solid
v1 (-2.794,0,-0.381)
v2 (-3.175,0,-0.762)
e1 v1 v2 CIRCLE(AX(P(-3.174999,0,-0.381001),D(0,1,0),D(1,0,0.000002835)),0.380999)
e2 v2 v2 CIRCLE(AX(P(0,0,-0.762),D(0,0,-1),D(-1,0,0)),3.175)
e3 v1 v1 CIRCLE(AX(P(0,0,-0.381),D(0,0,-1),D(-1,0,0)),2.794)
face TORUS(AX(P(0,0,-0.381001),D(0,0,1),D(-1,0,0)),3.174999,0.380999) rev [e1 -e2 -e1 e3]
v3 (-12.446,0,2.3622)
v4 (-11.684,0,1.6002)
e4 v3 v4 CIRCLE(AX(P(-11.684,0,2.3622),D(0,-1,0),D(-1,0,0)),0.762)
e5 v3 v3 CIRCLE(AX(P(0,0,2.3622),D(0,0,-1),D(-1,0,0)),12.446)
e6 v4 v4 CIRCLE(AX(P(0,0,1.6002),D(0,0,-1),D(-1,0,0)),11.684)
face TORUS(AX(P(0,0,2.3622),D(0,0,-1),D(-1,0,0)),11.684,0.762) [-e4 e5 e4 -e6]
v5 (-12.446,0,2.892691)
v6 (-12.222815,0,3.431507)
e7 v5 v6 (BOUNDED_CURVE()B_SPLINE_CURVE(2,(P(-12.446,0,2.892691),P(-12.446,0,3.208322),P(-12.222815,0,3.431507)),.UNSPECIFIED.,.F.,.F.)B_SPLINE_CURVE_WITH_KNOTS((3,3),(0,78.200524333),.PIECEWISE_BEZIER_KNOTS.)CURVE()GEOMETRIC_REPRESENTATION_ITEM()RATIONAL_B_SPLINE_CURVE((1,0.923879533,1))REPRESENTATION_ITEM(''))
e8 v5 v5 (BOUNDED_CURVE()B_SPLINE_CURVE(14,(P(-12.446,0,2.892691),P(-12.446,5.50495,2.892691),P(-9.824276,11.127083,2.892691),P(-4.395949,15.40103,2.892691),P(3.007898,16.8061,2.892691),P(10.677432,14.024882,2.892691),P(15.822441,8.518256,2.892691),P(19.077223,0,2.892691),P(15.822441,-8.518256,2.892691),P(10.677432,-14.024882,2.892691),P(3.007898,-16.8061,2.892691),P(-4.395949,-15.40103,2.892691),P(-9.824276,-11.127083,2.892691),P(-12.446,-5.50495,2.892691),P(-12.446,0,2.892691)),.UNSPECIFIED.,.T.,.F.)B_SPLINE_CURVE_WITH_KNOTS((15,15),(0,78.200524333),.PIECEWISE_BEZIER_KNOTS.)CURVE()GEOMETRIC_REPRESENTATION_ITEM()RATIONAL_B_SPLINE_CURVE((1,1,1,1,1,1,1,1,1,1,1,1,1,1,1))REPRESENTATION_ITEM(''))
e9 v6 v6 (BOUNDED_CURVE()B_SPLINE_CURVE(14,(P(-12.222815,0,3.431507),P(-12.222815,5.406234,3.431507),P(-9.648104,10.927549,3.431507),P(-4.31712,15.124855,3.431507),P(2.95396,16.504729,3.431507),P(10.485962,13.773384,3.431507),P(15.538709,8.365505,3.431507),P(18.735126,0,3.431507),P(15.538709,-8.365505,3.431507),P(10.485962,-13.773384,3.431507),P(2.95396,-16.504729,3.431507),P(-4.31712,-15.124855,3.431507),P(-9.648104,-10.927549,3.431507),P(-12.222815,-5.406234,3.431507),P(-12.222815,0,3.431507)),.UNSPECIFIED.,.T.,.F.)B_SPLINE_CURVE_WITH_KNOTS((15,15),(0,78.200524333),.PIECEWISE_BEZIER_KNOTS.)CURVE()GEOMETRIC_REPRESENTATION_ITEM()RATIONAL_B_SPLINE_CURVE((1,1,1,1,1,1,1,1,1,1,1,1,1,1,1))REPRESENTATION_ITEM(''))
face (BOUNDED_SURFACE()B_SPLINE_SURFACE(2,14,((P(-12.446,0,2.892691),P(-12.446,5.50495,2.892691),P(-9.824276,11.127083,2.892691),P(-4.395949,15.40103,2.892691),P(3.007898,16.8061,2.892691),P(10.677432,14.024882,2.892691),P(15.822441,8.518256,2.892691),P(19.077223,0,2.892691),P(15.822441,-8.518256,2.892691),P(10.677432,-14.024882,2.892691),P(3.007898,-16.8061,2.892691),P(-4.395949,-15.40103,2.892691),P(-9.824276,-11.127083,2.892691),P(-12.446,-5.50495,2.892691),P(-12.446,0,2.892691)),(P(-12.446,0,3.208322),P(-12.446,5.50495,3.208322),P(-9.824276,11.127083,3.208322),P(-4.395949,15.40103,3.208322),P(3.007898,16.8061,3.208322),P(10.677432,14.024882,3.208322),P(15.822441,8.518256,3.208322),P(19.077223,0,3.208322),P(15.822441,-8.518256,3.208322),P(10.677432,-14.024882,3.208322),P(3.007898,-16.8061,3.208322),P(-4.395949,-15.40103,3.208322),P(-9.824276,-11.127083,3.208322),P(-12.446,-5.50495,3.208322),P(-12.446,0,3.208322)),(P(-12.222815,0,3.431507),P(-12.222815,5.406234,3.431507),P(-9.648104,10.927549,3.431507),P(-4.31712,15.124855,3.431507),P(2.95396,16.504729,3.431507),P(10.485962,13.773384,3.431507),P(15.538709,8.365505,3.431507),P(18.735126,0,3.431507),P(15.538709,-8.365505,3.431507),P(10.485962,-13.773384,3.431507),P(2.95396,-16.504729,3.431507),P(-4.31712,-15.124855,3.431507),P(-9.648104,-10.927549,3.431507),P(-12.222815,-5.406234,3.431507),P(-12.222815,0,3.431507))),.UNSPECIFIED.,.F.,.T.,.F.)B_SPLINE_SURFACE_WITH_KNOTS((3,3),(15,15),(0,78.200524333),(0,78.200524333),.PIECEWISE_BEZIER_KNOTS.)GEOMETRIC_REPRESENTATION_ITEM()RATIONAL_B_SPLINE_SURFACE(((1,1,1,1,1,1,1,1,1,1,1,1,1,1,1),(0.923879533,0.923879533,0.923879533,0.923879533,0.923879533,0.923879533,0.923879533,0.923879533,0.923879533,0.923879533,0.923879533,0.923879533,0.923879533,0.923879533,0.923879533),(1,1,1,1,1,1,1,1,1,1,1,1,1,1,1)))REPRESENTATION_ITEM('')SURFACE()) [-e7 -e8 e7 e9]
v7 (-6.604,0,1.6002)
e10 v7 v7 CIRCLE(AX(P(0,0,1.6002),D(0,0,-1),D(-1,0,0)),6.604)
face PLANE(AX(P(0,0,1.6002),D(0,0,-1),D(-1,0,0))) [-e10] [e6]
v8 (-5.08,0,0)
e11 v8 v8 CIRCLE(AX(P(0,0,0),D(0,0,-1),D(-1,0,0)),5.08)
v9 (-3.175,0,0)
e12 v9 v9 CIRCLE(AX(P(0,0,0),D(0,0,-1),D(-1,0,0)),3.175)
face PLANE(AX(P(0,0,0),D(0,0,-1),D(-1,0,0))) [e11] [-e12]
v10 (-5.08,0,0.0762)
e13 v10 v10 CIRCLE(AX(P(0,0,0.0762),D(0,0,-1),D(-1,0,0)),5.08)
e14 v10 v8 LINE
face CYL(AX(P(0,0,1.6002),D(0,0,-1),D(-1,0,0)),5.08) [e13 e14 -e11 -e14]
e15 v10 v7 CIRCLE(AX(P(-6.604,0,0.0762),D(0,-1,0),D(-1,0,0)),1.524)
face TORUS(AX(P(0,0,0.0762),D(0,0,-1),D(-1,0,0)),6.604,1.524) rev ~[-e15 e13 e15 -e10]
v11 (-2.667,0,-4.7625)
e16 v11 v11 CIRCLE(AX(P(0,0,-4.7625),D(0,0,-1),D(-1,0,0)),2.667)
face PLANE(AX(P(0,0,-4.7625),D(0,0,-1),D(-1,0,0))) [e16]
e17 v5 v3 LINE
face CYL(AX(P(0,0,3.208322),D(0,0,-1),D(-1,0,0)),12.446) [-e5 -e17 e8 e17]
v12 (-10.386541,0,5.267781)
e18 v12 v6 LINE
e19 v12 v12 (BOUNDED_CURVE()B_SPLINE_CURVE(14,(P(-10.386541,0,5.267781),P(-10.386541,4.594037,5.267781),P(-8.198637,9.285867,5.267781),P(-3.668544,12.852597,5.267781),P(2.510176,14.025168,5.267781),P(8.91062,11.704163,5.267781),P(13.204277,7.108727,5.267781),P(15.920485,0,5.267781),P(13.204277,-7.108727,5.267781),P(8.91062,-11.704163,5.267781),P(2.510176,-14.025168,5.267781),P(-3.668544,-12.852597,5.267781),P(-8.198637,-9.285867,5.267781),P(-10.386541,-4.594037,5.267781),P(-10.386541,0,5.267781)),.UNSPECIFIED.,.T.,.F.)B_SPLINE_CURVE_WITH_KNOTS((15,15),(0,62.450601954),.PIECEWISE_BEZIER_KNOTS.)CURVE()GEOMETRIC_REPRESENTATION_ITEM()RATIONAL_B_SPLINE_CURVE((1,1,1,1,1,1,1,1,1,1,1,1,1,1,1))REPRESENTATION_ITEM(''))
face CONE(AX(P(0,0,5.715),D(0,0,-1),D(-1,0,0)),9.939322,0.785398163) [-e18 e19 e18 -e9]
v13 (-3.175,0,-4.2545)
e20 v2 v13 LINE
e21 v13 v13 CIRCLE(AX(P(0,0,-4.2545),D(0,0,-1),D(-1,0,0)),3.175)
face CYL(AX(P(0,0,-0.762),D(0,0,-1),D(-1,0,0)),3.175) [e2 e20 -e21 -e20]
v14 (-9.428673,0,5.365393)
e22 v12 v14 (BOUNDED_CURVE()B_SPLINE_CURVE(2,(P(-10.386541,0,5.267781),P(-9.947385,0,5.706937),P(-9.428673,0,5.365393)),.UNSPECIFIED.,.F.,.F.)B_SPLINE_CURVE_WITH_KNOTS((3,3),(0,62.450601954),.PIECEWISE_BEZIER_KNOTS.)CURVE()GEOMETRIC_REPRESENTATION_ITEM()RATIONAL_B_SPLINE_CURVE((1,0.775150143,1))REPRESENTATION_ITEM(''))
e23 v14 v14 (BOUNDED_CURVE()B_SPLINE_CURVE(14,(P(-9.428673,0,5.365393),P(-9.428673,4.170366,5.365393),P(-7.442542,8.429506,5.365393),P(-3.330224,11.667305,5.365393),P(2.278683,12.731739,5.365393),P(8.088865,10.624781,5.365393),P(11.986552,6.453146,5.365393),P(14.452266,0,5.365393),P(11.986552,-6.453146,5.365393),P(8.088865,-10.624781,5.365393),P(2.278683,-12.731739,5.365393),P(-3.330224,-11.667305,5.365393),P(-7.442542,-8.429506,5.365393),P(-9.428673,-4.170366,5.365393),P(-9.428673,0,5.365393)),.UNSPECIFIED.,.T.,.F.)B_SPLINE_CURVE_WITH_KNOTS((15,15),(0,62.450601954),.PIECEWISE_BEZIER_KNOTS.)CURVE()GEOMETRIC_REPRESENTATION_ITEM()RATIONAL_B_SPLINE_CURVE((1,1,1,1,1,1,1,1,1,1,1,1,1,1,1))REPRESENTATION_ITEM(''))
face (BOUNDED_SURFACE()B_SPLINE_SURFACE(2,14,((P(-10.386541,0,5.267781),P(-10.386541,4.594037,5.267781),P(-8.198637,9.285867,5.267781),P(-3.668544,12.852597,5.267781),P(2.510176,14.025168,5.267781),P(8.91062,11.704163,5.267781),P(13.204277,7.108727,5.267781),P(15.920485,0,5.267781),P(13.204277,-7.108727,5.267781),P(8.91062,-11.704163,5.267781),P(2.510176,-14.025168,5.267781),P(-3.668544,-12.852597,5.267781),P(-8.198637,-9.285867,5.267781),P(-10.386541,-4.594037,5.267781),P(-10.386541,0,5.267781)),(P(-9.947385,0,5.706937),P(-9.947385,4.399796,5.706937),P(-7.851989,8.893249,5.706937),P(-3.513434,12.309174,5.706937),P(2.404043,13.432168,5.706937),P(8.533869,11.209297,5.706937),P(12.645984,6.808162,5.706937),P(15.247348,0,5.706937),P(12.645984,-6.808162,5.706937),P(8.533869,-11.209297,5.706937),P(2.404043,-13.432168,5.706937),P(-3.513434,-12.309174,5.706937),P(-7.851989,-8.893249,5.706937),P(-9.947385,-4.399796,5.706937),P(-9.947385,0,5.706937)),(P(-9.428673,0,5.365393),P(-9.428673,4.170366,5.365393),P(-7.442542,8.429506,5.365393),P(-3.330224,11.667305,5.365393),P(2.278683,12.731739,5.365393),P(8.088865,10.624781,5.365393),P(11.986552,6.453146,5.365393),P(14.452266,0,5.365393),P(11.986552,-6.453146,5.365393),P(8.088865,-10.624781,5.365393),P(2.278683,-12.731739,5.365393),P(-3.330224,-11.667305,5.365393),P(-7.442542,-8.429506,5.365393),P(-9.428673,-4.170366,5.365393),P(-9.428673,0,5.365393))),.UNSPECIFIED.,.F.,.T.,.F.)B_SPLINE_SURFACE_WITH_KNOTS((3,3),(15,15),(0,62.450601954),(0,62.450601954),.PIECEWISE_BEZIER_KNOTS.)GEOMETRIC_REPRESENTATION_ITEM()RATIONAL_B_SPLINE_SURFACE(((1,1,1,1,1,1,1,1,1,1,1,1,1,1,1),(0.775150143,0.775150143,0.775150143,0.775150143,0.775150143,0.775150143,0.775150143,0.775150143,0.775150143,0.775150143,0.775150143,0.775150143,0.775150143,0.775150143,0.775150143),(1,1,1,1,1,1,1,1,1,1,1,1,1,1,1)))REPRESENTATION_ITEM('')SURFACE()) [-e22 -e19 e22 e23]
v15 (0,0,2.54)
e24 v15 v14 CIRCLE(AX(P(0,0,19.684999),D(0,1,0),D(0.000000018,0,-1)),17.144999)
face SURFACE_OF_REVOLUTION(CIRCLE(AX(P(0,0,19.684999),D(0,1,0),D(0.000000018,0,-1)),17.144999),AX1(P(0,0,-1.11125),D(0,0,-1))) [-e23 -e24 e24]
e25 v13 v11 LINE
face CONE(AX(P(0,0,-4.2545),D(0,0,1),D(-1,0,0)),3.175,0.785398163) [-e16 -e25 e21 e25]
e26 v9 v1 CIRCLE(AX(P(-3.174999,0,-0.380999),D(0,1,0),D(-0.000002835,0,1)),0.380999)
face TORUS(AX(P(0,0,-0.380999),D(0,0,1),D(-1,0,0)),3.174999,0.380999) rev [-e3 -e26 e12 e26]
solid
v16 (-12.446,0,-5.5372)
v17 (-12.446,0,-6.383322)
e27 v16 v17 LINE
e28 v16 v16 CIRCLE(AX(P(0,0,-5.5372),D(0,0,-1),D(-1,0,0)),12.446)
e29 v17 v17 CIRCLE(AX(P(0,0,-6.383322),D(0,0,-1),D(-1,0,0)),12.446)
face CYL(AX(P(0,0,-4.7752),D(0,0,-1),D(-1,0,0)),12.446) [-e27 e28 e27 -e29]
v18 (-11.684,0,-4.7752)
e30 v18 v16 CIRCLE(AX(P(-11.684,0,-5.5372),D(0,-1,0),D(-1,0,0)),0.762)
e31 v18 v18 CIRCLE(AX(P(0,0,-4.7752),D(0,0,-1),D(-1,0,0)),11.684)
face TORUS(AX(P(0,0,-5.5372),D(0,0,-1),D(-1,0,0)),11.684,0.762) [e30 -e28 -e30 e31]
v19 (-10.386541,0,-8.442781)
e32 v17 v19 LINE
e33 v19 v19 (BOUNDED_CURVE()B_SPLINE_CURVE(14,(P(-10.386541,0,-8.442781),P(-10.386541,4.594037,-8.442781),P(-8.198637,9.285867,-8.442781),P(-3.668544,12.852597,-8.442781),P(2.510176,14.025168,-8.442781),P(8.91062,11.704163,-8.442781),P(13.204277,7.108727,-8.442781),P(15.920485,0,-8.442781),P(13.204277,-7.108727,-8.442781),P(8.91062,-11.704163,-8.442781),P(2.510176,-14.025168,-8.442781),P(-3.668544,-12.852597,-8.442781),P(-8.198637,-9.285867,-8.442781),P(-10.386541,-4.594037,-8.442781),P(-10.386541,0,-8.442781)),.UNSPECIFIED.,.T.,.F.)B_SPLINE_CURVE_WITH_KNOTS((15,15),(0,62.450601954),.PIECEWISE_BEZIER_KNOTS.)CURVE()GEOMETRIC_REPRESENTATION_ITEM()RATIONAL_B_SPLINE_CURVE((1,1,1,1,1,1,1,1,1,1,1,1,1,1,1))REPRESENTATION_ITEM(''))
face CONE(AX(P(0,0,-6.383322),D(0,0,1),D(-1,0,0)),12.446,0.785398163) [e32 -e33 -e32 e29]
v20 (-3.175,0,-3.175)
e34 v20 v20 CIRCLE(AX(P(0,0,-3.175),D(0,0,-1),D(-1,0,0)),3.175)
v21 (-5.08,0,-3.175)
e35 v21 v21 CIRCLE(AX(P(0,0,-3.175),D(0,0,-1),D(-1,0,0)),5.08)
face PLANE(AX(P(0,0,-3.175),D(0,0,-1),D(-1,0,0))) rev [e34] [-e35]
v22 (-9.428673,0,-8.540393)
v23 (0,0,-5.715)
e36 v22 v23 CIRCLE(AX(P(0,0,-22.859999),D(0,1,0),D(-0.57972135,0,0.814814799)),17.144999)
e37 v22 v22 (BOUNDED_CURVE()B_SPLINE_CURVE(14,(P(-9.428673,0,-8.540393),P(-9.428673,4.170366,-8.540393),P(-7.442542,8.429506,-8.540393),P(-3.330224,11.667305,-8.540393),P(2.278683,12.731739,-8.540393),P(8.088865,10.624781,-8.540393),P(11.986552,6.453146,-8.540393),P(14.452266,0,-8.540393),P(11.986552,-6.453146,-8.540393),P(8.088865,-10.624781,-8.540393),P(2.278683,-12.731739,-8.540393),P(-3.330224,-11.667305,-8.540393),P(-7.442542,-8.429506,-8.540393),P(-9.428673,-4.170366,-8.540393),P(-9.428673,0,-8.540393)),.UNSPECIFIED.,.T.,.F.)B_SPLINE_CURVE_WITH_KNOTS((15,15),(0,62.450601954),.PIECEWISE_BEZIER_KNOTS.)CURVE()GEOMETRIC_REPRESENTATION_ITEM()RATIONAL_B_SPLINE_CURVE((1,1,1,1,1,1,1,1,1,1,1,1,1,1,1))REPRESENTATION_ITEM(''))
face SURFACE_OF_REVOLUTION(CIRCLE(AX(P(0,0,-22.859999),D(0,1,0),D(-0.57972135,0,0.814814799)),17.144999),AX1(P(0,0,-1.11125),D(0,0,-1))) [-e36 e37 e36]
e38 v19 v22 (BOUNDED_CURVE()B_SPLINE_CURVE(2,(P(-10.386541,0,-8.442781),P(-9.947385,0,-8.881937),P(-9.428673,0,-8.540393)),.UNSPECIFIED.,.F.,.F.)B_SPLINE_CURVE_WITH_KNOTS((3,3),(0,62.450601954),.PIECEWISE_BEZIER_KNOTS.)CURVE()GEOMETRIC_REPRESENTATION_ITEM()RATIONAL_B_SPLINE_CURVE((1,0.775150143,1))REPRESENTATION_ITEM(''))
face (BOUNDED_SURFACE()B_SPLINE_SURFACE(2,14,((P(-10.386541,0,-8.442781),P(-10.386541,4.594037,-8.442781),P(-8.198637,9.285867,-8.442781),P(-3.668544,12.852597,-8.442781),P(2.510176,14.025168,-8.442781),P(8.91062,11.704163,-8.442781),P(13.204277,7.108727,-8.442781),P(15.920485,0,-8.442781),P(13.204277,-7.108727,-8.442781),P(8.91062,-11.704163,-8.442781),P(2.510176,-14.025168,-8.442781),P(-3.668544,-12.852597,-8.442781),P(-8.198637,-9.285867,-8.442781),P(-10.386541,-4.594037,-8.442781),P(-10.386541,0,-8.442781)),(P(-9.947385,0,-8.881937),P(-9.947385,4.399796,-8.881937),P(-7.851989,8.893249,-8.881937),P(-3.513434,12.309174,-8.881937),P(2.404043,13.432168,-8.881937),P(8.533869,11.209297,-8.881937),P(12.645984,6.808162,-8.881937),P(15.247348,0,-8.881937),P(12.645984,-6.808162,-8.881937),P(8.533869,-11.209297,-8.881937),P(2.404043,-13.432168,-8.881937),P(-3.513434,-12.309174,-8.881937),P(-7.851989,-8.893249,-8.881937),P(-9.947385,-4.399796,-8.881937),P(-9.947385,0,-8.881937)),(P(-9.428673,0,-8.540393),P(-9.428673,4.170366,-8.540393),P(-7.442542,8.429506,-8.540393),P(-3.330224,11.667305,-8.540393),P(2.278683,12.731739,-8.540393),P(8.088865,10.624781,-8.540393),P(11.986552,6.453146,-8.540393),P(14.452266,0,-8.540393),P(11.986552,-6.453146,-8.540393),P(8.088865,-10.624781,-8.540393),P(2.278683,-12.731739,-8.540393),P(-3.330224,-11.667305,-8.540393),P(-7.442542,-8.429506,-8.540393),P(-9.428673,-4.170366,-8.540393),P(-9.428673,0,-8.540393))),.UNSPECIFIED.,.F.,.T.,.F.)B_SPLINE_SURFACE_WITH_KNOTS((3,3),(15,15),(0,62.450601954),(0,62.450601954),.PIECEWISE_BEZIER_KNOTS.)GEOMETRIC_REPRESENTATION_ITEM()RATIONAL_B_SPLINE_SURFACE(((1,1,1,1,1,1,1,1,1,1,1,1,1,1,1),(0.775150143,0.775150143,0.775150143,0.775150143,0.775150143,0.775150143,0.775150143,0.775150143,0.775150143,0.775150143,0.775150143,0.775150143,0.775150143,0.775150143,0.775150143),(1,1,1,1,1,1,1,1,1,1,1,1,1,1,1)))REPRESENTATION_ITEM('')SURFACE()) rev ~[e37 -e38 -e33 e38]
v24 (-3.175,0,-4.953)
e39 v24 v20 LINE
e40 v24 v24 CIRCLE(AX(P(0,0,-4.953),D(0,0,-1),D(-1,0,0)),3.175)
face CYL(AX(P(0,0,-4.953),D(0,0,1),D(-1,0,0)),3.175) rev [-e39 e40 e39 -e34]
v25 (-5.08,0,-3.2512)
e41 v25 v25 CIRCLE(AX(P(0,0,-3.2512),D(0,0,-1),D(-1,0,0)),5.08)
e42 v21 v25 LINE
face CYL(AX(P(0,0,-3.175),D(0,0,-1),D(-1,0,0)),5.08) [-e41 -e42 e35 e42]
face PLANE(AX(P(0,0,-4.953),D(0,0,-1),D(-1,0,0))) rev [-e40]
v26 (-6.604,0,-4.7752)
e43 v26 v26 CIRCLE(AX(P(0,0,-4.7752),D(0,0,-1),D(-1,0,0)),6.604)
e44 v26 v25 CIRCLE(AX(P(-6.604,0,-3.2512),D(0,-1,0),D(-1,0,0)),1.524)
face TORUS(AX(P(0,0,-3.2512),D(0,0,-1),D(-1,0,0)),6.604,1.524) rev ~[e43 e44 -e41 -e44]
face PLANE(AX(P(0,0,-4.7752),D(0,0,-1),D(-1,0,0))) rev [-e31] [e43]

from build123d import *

# Parameters (mm, degrees)
F2_R    = 0.762
F3_R    = 0.762
F4_SIZE = 0.508
F5_R    = 1.524
F8_R    = 0.762
F9_R    = 1.524


with BuildPart() as f1:
    # F0 (on Front) → F1 (revolve)
    with BuildSketch(Plane.XZ):
        with BuildLine():
            Line((-3.175, -4.7625), (0, -4.7625))
            Line((0, -4.7625), (0, 2.54))
            ThreePointArc((0, 2.54), (-5.217057, 3.353027), (-9.939322, 5.715))
            Line((-9.939322, 5.715), (-12.446, 3.208322))
            Line((-12.446, 3.208322), (-12.446, 1.6002))
            Line((-12.446, 1.6002), (-5.08, 1.6002))
            Line((-5.08, 1.6002), (-5.08, 0))
            Line((-5.08, 0), (-3.175, 0))
            ThreePointArc((-3.175, 0), (-2.905592, -0.111592), (-2.794, -0.381))
            ThreePointArc((-2.794, -0.381), (-2.905592, -0.650408), (-3.175, -0.762))
            Line((-3.175, -0.762), (-3.175, -4.7625))
        make_face()
    revolve(axis=Axis((0, 0, -1.11125), (0, 0, -1)))

    # F2
    f2_edges = [f1.edges().sort_by_distance(p)[0] for p in [
        (12.446, 0, 1.6002),
    ]]
    fillet(f2_edges, radius=F2_R)

    # F3
    f3_edges = [f1.edges().sort_by_distance(p)[0] for p in [
        (12.446, 0, 3.208322),
        (9.939322, 0, 5.715),
    ]]
    fillet(f3_edges, radius=F3_R)

    # F4
    f4_edges = [f1.edges().sort_by_distance(p)[0] for p in [
        (3.175, 0, -4.7625),
    ]]
    chamfer(f4_edges, length=F4_SIZE)

    # F5
    f5_edges = [f1.edges().sort_by_distance(p)[0] for p in [
        (5.08, 0, 1.6002),
    ]]
    fillet(f5_edges, radius=F5_R)


with BuildPart() as f7:
    # F6 (on Front) → F7 (revolve)
    with BuildSketch(Plane.XZ):
        with BuildLine():
            Line((-3.175, -4.953), (-3.175, -3.175))
            Line((-3.175, -3.175), (-5.08, -3.175))
            Line((-5.08, -3.175), (-5.08, -4.7752))
            Line((-5.08, -4.7752), (-12.446, -4.7752))
            Line((-12.446, -4.7752), (-12.446, -6.383322))
            Line((-12.446, -6.383322), (-9.939322, -8.89))
            ThreePointArc((-9.939322, -8.89), (-5.217057, -6.528027), (0, -5.715))
            Line((0, -5.715), (0, -4.953))
            Line((0, -4.953), (-3.175, -4.953))
        make_face()
    revolve(axis=Axis((0, 0, -1.11125), (0, 0, -1)))

    # F8
    f8_edges = [f7.edges().sort_by_distance(p)[0] for p in [
        (12.446, 0, -4.7752),
        (9.939322, 0, -8.89),
    ]]
    fillet(f8_edges, radius=F8_R)

    # F9
    f9_edges = [f7.edges().sort_by_distance(p)[0] for p in [
        (5.08, 0, -4.7752),
    ]]
    fillet(f9_edges, radius=F9_R)


solid = Compound([f1.part, f7.part])
